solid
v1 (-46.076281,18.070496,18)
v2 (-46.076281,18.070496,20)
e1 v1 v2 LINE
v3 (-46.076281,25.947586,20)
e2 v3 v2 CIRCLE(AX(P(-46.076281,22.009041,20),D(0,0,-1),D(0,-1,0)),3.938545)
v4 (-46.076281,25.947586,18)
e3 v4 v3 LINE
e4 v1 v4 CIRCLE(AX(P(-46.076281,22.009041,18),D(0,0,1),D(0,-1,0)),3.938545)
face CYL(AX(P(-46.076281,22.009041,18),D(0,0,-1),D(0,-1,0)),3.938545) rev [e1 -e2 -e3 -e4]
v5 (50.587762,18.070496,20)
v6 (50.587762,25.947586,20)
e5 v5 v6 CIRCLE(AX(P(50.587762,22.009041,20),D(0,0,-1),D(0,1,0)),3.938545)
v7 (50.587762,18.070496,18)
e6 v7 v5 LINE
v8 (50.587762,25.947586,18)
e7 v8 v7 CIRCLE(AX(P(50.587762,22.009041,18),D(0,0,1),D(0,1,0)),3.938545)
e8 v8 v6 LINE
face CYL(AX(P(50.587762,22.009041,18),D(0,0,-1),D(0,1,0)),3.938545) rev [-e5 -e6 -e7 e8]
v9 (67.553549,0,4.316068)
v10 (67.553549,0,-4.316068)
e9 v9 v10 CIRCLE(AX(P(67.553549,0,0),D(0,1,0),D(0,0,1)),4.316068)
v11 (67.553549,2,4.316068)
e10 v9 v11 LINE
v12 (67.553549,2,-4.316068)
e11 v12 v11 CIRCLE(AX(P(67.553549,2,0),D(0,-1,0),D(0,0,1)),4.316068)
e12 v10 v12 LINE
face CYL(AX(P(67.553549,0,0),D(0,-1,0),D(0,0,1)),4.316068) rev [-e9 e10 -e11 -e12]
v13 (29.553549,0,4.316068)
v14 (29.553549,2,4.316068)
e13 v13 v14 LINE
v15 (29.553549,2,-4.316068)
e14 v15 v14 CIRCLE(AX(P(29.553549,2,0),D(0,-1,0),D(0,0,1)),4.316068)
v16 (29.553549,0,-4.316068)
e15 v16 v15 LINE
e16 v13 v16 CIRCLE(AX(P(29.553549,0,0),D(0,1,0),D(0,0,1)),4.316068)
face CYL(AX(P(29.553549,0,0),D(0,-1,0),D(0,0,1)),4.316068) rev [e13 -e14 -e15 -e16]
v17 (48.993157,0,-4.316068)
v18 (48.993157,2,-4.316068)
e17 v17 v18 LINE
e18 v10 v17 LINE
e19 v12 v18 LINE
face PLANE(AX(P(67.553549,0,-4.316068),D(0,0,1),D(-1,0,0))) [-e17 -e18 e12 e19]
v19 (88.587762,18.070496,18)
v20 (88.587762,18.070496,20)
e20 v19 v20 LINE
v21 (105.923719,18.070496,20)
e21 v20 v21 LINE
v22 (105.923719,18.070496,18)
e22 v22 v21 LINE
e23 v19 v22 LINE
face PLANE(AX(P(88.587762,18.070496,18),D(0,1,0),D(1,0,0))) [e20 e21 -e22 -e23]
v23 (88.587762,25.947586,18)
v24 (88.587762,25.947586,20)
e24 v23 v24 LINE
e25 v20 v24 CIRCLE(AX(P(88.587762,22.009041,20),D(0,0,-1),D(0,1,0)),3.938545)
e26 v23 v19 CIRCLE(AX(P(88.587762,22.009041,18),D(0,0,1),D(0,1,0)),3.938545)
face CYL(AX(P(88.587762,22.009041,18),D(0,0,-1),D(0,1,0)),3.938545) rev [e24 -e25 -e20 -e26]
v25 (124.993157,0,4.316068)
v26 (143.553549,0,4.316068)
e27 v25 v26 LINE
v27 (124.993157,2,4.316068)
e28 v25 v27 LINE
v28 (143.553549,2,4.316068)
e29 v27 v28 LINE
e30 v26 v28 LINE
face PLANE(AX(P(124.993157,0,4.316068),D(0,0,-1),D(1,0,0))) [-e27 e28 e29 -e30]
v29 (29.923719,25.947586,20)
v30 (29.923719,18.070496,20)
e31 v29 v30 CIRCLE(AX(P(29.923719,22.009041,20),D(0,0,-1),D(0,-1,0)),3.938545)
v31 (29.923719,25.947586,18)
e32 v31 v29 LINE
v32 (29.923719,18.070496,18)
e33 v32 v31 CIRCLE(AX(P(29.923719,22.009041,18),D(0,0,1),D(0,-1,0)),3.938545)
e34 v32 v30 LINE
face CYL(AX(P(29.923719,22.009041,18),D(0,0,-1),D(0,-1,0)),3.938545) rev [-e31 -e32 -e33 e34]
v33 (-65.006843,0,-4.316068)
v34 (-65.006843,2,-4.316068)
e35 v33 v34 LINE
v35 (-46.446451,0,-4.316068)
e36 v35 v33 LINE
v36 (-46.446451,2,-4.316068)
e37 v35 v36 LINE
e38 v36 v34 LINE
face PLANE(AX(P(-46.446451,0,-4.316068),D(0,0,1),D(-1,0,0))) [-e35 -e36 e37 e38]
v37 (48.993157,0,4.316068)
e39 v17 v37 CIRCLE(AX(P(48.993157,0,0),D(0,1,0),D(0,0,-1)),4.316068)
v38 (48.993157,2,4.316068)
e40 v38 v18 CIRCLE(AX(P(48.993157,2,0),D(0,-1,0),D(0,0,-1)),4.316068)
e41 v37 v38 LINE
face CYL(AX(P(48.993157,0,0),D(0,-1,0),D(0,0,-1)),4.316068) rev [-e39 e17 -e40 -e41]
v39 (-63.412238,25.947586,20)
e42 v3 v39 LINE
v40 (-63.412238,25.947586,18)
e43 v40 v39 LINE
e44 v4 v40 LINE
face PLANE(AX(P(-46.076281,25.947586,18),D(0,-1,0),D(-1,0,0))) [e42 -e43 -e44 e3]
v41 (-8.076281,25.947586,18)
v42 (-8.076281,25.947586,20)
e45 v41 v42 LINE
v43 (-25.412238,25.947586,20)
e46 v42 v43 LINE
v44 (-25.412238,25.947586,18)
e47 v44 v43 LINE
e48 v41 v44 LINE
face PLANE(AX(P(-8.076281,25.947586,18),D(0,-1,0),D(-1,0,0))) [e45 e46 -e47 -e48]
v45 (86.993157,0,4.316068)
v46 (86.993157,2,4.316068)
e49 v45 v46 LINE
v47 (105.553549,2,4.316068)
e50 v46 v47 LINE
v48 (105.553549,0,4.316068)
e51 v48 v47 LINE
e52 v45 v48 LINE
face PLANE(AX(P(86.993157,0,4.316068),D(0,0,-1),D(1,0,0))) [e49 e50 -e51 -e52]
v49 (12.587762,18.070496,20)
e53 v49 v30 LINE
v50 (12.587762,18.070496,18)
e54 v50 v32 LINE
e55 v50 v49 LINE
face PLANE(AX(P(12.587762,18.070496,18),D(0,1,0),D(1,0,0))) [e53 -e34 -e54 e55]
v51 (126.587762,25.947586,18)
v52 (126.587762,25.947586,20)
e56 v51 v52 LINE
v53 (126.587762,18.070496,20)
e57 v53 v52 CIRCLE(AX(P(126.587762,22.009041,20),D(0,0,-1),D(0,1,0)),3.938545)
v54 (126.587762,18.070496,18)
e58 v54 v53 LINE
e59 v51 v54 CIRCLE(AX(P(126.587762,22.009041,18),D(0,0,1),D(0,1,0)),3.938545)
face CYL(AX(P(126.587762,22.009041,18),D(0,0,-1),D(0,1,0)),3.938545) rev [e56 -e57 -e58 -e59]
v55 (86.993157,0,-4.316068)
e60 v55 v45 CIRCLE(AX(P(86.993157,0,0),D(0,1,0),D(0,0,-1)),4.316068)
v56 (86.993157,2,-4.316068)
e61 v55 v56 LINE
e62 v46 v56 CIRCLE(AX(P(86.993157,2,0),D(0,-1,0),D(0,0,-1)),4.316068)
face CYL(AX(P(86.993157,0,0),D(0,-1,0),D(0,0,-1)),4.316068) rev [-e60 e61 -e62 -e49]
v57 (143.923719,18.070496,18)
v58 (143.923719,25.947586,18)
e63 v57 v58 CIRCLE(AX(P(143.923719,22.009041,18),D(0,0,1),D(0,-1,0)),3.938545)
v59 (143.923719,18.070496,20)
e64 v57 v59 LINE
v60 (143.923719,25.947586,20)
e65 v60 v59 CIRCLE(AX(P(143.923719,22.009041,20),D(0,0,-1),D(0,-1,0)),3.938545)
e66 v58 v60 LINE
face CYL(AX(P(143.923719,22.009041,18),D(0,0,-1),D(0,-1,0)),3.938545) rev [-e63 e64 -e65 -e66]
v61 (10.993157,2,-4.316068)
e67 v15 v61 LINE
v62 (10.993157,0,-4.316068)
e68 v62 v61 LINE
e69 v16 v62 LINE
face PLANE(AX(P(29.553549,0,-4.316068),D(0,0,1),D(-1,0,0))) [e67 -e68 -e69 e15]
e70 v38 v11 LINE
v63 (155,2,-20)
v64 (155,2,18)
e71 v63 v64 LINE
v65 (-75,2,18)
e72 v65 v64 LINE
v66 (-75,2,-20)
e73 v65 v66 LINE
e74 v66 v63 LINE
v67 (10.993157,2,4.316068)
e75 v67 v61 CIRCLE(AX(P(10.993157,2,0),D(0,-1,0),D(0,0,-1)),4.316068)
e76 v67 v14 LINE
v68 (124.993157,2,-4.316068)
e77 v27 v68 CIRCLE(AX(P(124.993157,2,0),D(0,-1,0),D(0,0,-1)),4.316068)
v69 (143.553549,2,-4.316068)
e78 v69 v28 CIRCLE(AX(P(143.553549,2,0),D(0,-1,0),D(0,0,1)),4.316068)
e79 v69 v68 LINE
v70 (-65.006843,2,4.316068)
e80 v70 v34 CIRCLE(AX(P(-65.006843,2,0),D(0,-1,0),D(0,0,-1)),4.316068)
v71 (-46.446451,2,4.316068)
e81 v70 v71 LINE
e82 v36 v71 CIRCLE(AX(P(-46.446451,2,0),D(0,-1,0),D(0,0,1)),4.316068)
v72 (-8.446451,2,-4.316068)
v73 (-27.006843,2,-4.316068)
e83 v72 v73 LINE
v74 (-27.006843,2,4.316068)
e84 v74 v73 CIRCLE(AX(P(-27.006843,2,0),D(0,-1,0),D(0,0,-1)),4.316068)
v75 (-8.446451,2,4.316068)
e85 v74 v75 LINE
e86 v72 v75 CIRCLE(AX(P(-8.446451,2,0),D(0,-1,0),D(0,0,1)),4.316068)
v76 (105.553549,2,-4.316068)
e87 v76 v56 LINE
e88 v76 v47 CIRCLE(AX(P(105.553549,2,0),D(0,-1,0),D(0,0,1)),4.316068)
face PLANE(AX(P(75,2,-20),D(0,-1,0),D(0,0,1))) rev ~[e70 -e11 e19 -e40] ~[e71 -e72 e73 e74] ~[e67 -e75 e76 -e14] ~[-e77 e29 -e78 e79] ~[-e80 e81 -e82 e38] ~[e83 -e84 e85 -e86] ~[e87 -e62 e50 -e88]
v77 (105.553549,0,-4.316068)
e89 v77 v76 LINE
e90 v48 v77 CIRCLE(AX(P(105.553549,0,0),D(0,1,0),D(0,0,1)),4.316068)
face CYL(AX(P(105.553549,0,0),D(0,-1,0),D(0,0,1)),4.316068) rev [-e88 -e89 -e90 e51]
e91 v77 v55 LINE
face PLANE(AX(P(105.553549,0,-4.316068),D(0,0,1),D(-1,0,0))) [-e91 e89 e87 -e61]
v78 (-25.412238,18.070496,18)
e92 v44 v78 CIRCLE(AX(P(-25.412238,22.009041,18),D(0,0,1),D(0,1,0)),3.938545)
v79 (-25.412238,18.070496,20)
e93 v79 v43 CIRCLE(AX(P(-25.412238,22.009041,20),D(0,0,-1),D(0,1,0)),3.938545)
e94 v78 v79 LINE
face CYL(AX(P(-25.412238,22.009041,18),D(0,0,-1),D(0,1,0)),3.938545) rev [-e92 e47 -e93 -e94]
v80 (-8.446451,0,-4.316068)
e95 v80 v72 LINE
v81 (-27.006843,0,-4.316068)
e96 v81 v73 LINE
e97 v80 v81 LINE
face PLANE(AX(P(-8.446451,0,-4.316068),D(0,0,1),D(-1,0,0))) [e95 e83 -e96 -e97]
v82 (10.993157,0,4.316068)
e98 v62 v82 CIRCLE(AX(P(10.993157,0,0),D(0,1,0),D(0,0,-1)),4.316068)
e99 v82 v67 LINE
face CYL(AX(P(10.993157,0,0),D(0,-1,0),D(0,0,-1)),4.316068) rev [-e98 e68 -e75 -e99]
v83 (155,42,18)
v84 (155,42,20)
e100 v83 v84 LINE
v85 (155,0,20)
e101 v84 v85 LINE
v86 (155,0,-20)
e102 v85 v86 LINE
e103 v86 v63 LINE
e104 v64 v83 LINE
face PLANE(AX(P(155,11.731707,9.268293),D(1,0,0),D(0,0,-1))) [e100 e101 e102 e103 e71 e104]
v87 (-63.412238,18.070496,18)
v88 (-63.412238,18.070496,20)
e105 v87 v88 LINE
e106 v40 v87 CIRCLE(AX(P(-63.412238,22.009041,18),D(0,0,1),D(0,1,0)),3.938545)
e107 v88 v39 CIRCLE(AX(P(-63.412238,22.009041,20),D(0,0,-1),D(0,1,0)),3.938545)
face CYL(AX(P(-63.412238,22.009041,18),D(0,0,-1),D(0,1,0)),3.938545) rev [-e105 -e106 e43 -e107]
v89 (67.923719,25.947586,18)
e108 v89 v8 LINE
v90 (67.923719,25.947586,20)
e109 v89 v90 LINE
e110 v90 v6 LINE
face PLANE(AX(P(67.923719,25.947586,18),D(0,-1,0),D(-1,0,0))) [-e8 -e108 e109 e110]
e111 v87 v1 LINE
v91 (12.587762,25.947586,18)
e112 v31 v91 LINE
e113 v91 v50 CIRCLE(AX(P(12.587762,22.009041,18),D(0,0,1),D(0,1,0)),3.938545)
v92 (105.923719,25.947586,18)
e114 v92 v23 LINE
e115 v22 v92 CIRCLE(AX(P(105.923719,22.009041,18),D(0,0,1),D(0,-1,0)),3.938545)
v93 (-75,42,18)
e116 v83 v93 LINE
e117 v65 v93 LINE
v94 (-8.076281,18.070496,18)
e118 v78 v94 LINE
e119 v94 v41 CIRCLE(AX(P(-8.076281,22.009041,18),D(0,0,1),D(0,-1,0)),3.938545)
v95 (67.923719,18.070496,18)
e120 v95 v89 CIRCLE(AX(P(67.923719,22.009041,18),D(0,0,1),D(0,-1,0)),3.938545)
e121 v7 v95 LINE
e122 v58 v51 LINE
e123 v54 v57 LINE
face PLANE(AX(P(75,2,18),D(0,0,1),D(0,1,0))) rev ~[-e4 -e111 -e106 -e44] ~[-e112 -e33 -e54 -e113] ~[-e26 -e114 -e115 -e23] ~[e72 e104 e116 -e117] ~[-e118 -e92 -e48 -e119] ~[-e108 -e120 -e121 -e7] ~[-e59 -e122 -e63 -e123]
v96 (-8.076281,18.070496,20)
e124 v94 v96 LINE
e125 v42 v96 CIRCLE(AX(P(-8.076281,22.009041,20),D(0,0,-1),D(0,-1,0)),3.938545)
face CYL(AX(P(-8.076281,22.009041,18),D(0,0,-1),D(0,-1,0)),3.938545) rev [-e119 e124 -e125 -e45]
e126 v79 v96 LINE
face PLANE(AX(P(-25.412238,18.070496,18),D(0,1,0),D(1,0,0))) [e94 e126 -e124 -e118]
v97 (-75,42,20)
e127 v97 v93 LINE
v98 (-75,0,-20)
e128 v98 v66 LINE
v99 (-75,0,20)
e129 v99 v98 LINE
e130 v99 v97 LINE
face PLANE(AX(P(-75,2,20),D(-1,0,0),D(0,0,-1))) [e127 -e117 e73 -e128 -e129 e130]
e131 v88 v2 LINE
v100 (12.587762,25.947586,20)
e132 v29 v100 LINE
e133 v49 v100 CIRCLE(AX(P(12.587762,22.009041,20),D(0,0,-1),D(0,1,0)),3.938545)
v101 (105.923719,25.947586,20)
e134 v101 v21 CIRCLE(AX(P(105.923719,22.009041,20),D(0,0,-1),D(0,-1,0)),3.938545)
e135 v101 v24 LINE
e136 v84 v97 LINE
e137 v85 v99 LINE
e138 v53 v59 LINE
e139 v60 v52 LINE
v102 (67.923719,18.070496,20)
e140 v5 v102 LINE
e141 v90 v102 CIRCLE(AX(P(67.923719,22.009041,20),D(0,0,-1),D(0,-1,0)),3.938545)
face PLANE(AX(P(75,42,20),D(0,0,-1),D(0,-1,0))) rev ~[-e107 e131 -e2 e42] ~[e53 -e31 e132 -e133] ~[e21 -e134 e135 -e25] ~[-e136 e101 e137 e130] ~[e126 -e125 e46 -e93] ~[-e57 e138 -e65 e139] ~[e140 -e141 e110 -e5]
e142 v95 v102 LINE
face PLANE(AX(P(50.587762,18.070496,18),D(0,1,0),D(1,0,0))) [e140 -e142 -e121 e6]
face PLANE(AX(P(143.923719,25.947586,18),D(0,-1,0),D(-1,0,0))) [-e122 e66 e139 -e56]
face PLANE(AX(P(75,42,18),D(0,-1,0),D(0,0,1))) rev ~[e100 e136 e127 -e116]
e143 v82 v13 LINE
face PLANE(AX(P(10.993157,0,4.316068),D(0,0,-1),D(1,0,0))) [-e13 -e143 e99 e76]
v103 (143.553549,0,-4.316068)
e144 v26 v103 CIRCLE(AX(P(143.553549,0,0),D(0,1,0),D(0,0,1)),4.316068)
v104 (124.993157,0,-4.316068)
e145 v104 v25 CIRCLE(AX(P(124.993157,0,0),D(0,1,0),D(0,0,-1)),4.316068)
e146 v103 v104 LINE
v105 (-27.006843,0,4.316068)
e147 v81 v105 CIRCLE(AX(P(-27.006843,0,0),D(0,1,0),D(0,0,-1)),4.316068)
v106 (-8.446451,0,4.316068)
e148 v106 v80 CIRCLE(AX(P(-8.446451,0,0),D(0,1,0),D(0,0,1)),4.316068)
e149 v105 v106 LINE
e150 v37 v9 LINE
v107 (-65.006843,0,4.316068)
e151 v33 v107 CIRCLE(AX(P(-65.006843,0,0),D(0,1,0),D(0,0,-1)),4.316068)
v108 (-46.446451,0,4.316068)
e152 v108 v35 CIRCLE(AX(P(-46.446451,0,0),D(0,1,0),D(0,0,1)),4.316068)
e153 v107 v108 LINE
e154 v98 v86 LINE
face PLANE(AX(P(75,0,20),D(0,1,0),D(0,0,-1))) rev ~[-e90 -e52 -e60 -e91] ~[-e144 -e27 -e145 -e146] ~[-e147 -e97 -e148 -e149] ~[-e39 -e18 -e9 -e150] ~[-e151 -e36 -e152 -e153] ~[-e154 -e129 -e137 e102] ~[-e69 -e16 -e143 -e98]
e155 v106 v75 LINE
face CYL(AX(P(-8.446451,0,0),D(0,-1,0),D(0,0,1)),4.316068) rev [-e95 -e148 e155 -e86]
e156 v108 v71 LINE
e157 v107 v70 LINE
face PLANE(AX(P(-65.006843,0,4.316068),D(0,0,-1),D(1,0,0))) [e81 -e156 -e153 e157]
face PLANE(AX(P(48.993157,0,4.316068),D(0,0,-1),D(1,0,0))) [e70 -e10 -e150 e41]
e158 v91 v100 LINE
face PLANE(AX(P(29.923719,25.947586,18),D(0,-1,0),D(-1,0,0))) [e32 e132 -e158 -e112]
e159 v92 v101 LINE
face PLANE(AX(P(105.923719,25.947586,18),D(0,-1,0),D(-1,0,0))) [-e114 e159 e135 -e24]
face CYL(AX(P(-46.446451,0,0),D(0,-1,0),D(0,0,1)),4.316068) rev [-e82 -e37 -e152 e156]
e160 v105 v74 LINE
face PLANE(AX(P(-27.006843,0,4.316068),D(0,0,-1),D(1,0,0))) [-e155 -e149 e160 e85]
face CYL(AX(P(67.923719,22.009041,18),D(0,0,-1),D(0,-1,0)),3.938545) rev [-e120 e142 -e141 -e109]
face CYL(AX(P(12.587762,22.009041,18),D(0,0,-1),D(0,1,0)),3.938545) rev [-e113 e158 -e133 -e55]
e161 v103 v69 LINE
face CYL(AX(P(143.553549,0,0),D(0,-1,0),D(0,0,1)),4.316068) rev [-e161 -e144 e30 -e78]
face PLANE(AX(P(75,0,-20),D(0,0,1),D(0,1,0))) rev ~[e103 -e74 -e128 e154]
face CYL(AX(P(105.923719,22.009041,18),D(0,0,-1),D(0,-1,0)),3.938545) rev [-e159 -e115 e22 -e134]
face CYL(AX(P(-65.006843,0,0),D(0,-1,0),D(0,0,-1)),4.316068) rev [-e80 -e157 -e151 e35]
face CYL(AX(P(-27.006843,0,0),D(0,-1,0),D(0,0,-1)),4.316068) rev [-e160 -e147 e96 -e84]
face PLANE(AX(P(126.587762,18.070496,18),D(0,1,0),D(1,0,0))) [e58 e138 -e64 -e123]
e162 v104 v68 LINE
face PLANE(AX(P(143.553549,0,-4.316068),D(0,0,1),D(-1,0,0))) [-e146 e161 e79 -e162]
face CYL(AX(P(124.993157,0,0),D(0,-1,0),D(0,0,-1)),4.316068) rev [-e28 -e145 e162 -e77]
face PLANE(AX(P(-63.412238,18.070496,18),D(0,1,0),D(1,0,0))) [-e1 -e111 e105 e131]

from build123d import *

# Parameters (mm, degrees)
SKETCH1_W           = 150
SKETCH1_H           = 40
BOSS_EXTRUDE1_DEPTH = 2
SKETCH2_W           = 150
SKETCH2_H           = 2
BOSS_EXTRUDE2_DEPTH = 40
BOSS_EXTRUDE3_DEPTH = 80
CUT_EXTRUDE1_DEPTH  = 10
CUT_EXTRUDE2_DEPTH  = 10


with BuildPart() as part:
    # Sketch1 → Boss-Extrude1 (new body)
    with BuildSketch(Plane(origin=(0, 0, 0), x_dir=(1, 0, 0), z_dir=(0, 1, 0))):
        Rectangle(SKETCH1_W, SKETCH1_H)
    extrude(amount=BOSS_EXTRUDE1_DEPTH)

    # Sketch2 → Boss-Extrude2 (add)
    with BuildSketch(Plane(origin=(0, 2, 0), x_dir=(1, 0, 0), z_dir=(0, 1, 0))):
        with Locations((0, -19)):
            Rectangle(SKETCH2_W, SKETCH2_H)
    extrude(amount=BOSS_EXTRUDE2_DEPTH)

    # Sketch5 → Boss-Extrude3 (add)
    with BuildSketch(Plane(origin=(75, 0, 0), x_dir=(0, 0, -1), z_dir=(1, 0, 0))):
        Polygon((-20, 0), (20, 0), (20, 2), (-18, 2), (-18, 42), (-20, 42), align=None)
    extrude(amount=BOSS_EXTRUDE3_DEPTH)

    # Sketch6 → Cut-Extrude1 (cut)
    with BuildSketch(Plane(origin=(0, 0, 18), x_dir=(-1, 0, 0), z_dir=(0, 0, -1))):
        with BuildLine():
            Line((-105.923719426, 25.947585899), (-88.587761645, 25.947585899))
            ThreePointArc((-88.587761645, 25.947585899), (-84.649216654, 22.009040908), (-88.587761645, 18.070495916))
            Line((-88.587761645, 18.070495916), (-105.923719426, 18.070495916))
            ThreePointArc((-105.923719426, 18.070495916), (-109.862264418, 22.009040908), (-105.923719426, 25.947585899))
        make_face()
        with BuildLine():
            Line((-143.923719426, 25.947585899), (-126.587761645, 25.947585899))
            ThreePointArc((-126.587761645, 25.947585899), (-122.649216654, 22.009040908), (-126.587761645, 18.070495916))
            Line((-126.587761645, 18.070495916), (-143.923719426, 18.070495916))
            ThreePointArc((-143.923719426, 18.070495916), (-147.862264418, 22.009040908), (-143.923719426, 25.947585899))
        make_face()
        with BuildLine():
            Line((-67.923719426, 25.947585899), (-50.587761645, 25.947585899))
            ThreePointArc((-50.587761645, 25.947585899), (-46.649216654, 22.009040908), (-50.587761645, 18.070495916))
            Line((-50.587761645, 18.070495916), (-67.923719426, 18.070495916))
            ThreePointArc((-67.923719426, 18.070495916), (-71.862264418, 22.009040908), (-67.923719426, 25.947585899))
        make_face()
        with BuildLine():
            Line((-29.923719426, 25.947585899), (-12.587761645, 25.947585899))
            ThreePointArc((-12.587761645, 25.947585899), (-8.649216654, 22.009040908), (-12.587761645, 18.070495916))
            Line((-12.587761645, 18.070495916), (-29.923719426, 18.070495916))
            ThreePointArc((-29.923719426, 18.070495916), (-33.862264418, 22.009040908), (-29.923719426, 25.947585899))
        make_face()
        with BuildLine():
            Line((8.076280574, 25.947585899), (25.412238355, 25.947585899))
            ThreePointArc((25.412238355, 25.947585899), (29.350783346, 22.009040908), (25.412238355, 18.070495916))
            Line((25.412238355, 18.070495916), (8.076280574, 18.070495916))
            ThreePointArc((8.076280574, 18.070495916), (4.137735582, 22.009040908), (8.076280574, 25.947585899))
        make_face()
        with BuildLine():
            Line((46.076280574, 25.947585899), (63.412238355, 25.947585899))
            ThreePointArc((63.412238355, 25.947585899), (67.350783346, 22.009040908), (63.412238355, 18.070495916))
            Line((63.412238355, 18.070495916), (46.076280574, 18.070495916))
            ThreePointArc((46.076280574, 18.070495916), (42.137735582, 22.009040908), (46.076280574, 25.947585899))
        make_face()
    extrude(amount=-CUT_EXTRUDE1_DEPTH, mode=Mode.SUBTRACT)

    # Sketch7 → Cut-Extrude2 (cut)
    with BuildSketch(Plane.XZ):
        with BuildLine():
            Line((-27.006843458, 4.316067859), (-8.446451171, 4.316067859))
            ThreePointArc((-8.446451171, 4.316067859), (-4.130383312, 0), (-8.446451171, -4.316067859))
            Line((-8.446451171, -4.316067859), (-27.006843458, -4.316067859))
            ThreePointArc((-27.006843458, -4.316067859), (-31.322911318, 0), (-27.006843458, 4.316067859))
        make_face()
        with BuildLine():
            Line((-65.006843458, 4.316067859), (-46.446451171, 4.316067859))
            ThreePointArc((-46.446451171, 4.316067859), (-42.130383312, 0), (-46.446451171, -4.316067859))
            Line((-46.446451171, -4.316067859), (-65.006843458, -4.316067859))
            ThreePointArc((-65.006843458, -4.316067859), (-69.322911318, 0), (-65.006843458, 4.316067859))
        make_face()
        with BuildLine():
            Line((10.993156542, 4.316067859), (29.553548829, 4.316067859))
            ThreePointArc((29.553548829, 4.316067859), (33.869616688, 0), (29.553548829, -4.316067859))
            Line((29.553548829, -4.316067859), (10.993156542, -4.316067859))
            ThreePointArc((10.993156542, -4.316067859), (6.677088682, 0), (10.993156542, 4.316067859))
        make_face()
        with BuildLine():
            Line((48.993156542, 4.316067859), (67.553548829, 4.316067859))
            ThreePointArc((67.553548829, 4.316067859), (71.869616688, 0), (67.553548829, -4.316067859))
            Line((67.553548829, -4.316067859), (48.993156542, -4.316067859))
            ThreePointArc((48.993156542, -4.316067859), (44.677088682, 0), (48.993156542, 4.316067859))
        make_face()
        with BuildLine():
            Line((86.993156542, 4.316067859), (105.553548829, 4.316067859))
            ThreePointArc((105.553548829, 4.316067859), (109.869616688, 0), (105.553548829, -4.316067859))
            Line((105.553548829, -4.316067859), (86.993156542, -4.316067859))
            ThreePointArc((86.993156542, -4.316067859), (82.677088682, 0), (86.993156542, 4.316067859))
        make_face()
        with BuildLine():
            Line((124.993156542, 4.316067859), (143.553548829, 4.316067859))
            ThreePointArc((143.553548829, 4.316067859), (147.869616688, 0), (143.553548829, -4.316067859))
            Line((143.553548829, -4.316067859), (124.993156542, -4.316067859))
            ThreePointArc((124.993156542, -4.316067859), (120.677088682, 0), (124.993156542, 4.316067859))
        make_face()
    extrude(amount=-CUT_EXTRUDE2_DEPTH, mode=Mode.SUBTRACT)


solid = part.part
